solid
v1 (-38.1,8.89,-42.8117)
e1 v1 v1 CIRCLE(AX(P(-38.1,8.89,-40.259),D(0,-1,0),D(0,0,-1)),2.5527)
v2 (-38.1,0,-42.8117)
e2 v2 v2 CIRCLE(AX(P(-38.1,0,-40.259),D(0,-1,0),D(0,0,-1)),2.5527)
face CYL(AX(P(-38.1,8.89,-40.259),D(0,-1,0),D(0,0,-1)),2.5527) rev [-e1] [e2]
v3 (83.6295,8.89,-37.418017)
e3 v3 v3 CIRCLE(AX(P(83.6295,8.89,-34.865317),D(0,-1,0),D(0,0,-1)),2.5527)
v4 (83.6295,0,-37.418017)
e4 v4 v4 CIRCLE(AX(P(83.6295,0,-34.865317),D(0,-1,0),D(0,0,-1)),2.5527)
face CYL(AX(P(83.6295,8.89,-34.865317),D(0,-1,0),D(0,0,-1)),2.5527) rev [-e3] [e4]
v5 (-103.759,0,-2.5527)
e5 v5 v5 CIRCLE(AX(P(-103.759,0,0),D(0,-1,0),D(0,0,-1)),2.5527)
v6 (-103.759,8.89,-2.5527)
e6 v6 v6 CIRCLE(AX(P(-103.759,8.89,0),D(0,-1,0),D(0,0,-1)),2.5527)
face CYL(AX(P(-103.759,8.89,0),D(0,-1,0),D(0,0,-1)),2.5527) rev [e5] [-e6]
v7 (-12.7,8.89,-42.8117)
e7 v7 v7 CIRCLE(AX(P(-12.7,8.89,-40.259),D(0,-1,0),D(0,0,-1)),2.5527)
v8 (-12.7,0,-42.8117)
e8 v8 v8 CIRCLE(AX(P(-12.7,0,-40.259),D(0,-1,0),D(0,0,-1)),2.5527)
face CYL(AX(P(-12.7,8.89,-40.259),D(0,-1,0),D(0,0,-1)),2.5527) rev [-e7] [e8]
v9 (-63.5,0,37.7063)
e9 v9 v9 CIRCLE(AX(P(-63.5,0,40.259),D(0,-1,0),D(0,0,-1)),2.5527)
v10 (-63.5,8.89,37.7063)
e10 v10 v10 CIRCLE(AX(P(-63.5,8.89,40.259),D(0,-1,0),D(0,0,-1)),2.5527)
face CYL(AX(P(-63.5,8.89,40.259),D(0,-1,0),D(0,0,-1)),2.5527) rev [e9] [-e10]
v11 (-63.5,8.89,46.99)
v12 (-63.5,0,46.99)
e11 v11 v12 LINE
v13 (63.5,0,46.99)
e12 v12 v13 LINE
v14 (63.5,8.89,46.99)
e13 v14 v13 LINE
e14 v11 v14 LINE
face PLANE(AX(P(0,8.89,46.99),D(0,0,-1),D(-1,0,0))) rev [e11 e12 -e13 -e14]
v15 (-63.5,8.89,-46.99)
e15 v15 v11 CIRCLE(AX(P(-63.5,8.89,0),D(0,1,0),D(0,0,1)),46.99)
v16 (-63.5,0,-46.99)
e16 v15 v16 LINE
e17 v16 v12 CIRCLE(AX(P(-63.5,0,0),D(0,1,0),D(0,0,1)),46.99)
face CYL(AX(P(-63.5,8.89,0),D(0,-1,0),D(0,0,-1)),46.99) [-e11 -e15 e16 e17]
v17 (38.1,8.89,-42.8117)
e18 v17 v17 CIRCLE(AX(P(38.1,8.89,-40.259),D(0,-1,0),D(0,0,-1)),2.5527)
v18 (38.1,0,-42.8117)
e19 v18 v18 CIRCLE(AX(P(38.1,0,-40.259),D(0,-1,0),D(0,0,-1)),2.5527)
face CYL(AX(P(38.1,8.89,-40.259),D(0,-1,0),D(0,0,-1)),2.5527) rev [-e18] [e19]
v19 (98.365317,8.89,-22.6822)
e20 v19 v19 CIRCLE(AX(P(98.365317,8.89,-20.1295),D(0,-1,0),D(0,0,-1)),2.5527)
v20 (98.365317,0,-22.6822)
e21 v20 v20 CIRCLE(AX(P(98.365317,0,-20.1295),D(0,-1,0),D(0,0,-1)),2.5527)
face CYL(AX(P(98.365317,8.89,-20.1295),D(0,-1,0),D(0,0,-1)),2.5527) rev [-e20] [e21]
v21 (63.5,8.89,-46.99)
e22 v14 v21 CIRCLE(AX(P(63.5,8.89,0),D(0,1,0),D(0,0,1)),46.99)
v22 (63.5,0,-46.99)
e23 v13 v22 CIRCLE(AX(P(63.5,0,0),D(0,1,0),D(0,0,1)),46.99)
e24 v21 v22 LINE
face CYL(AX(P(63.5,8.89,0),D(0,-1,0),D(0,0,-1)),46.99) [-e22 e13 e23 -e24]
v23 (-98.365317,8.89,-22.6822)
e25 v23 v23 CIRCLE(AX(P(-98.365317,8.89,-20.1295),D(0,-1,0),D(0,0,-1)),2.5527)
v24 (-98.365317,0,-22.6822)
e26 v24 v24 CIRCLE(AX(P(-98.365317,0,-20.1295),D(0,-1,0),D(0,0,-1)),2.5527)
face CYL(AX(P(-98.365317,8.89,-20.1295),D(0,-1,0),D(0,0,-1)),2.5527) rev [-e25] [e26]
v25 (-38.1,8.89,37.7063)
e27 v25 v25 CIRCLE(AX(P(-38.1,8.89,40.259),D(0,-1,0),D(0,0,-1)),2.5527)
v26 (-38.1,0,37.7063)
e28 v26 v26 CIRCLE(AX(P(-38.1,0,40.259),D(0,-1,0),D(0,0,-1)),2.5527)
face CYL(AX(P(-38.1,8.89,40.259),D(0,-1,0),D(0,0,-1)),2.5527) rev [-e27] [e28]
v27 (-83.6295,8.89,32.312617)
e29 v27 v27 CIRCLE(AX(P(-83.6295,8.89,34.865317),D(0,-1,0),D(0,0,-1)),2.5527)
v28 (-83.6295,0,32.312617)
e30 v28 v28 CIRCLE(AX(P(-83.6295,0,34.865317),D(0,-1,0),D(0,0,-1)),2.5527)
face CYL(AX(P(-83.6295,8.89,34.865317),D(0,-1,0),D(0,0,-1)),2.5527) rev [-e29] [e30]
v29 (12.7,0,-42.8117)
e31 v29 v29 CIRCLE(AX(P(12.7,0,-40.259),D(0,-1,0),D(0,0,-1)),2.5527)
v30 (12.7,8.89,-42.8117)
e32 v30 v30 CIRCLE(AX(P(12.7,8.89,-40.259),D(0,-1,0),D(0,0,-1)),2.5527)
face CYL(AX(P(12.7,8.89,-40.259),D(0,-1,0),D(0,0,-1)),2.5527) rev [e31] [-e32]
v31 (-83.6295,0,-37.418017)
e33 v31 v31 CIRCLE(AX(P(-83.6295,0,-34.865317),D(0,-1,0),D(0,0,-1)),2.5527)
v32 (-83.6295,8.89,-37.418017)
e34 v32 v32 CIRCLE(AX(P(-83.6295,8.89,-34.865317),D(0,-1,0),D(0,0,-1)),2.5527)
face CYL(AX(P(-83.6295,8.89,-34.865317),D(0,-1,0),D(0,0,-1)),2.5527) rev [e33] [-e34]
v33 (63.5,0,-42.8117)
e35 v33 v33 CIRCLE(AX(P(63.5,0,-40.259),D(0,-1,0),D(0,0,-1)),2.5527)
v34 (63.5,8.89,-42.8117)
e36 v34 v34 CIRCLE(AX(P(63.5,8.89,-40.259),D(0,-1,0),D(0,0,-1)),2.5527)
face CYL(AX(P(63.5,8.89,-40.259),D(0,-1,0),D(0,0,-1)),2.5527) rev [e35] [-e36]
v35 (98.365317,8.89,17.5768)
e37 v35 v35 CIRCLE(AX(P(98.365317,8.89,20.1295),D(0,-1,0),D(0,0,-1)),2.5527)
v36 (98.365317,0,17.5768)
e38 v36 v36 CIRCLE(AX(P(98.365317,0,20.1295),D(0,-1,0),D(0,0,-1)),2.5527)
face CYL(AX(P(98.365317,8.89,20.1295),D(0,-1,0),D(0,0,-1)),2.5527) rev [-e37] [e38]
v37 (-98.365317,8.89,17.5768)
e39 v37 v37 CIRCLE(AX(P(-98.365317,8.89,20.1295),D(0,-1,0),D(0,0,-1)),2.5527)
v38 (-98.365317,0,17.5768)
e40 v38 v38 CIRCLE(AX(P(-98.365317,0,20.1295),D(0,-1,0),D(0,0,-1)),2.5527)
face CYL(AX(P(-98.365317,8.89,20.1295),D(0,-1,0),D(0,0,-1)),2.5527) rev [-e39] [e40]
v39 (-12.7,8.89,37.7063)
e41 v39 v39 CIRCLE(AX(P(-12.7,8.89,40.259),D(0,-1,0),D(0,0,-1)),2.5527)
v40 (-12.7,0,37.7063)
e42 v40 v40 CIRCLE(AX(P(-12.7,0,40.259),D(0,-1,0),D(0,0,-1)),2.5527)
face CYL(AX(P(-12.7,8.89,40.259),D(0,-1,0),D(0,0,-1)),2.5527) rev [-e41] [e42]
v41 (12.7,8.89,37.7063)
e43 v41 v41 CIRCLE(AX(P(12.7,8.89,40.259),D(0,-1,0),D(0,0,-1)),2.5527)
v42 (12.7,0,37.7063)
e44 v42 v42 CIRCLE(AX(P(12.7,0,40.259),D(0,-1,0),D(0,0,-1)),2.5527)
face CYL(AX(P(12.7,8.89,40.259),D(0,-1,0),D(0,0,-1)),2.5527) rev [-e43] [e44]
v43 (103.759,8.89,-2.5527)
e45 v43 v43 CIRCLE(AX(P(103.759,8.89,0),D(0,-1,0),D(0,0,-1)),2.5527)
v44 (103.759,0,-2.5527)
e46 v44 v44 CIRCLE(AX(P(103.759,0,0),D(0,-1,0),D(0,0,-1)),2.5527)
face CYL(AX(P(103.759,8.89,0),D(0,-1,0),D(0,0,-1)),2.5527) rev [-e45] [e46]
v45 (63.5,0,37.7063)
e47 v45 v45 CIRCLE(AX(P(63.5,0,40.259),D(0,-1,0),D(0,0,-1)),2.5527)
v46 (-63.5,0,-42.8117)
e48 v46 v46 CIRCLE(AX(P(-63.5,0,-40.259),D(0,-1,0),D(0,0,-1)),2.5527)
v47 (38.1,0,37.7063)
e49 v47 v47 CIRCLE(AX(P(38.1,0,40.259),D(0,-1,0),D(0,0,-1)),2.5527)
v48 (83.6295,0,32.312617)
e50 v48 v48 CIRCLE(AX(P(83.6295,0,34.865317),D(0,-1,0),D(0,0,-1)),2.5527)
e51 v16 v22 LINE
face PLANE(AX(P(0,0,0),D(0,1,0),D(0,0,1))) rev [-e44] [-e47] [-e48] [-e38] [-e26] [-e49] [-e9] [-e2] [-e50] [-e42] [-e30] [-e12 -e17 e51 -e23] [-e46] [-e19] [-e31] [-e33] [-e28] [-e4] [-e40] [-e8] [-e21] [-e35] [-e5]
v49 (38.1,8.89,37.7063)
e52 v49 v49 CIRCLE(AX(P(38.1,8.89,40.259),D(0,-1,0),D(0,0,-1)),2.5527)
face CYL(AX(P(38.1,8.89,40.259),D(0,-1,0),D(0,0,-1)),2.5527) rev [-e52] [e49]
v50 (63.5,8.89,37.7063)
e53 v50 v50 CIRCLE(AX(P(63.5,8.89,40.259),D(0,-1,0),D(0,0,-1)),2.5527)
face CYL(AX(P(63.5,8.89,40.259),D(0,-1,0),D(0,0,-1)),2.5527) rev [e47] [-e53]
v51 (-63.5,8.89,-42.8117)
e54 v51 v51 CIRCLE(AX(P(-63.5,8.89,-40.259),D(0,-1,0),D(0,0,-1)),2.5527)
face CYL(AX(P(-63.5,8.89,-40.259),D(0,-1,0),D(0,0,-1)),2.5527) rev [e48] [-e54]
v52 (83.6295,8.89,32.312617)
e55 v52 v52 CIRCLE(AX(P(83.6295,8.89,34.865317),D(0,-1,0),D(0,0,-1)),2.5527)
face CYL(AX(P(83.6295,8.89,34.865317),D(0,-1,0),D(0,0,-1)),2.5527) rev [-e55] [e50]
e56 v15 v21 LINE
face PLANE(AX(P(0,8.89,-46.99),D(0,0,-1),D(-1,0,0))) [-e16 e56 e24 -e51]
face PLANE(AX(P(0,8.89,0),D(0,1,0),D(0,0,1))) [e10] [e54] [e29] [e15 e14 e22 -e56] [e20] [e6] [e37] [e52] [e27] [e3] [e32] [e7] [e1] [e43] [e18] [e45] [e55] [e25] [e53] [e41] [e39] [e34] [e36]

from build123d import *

# Parameters (mm, degrees)
BOSS_EXTRUDE1_DEPTH = 8.89
SKETCH4_R           = 2.5527
CUT_EXTRUDE1_DEPTH  = 121.395732067


with BuildPart() as part:
    # Sketch1 → Boss-Extrude1 (new body)
    with BuildSketch(Plane(origin=(0, 0, 0), x_dir=(1, 0, 0), z_dir=(0, 1, 0))):
        with BuildLine():
            Line((-63.5, 46.99), (63.5, 46.99))
            ThreePointArc((63.5, 46.99), (110.49, 0), (63.5, -46.99))
            Line((63.5, -46.99), (-63.5, -46.99))
            ThreePointArc((-63.5, -46.99), (-110.49, 0), (-63.5, 46.99))
        make_face()
    extrude(amount=BOSS_EXTRUDE1_DEPTH)

    # Sketch4 → Cut-Extrude1 (cut, through all)
    with BuildSketch(Plane.XZ):
        with Locations(Location((83.6295, -34.865316731, 0), (0, 0, 270))):
            Circle(SKETCH4_R)
        with Locations(Location((63.5, -40.259, 0), (0, 0, 270))):
            Circle(SKETCH4_R)
        with Locations(Location((38.1, -40.259, 0), (0, 0, 270))):
            Circle(SKETCH4_R)
        with Locations(Location((12.7, -40.259, 0), (0, 0, 270))):
            Circle(SKETCH4_R)
        with Locations(Location((-12.7, -40.259, 0), (0, 0, 270))):
            Circle(SKETCH4_R)
        with Locations(Location((-38.1, -40.259, 0), (0, 0, 270))):
            Circle(SKETCH4_R)
        with Locations(Location((-63.5, -40.259, 0), (0, 0, 270))):
            Circle(SKETCH4_R)
        with Locations(Location((-83.6295, -34.865316731, 0), (0, 0, 270))):
            Circle(SKETCH4_R)
        with Locations(Location((-98.365316731, -20.1295, 0), (0, 0, 270))):
            Circle(SKETCH4_R)
        with Locations(Location((-103.759, 0, 0), (0, 0, 270))):
            Circle(SKETCH4_R)
        with Locations(Location((-98.365316731, 20.1295, 0), (0, 0, 270))):
            Circle(SKETCH4_R)
        with Locations(Location((-83.6295, 34.865316731, 0), (0, 0, 270))):
            Circle(SKETCH4_R)
        with Locations(Location((-63.5, 40.259, 0), (0, 0, 270))):
            Circle(SKETCH4_R)
        with Locations(Location((-38.1, 40.259, 0), (0, 0, 270))):
            Circle(SKETCH4_R)
        with Locations(Location((-12.7, 40.259, 0), (0, 0, 270))):
            Circle(SKETCH4_R)
        with Locations(Location((12.7, 40.259, 0), (0, 0, 270))):
            Circle(SKETCH4_R)
        with Locations(Location((38.1, 40.259, 0), (0, 0, 270))):
            Circle(SKETCH4_R)
        with Locations(Location((63.5, 40.259, 0), (0, 0, 270))):
            Circle(SKETCH4_R)
        with Locations(Location((83.6295, 34.865316731, 0), (0, 0, 270))):
            Circle(SKETCH4_R)
        with Locations(Location((98.365316731, 20.1295, 0), (0, 0, 270))):
            Circle(SKETCH4_R)
        with Locations(Location((103.759, 0, 0), (0, 0, 270))):
            Circle(SKETCH4_R)
        with Locations(Location((98.365316731, -20.1295, 0), (0, 0, 270))):
            Circle(SKETCH4_R)
    extrude(amount=-CUT_EXTRUDE1_DEPTH, mode=Mode.SUBTRACT)


solid = part.part
